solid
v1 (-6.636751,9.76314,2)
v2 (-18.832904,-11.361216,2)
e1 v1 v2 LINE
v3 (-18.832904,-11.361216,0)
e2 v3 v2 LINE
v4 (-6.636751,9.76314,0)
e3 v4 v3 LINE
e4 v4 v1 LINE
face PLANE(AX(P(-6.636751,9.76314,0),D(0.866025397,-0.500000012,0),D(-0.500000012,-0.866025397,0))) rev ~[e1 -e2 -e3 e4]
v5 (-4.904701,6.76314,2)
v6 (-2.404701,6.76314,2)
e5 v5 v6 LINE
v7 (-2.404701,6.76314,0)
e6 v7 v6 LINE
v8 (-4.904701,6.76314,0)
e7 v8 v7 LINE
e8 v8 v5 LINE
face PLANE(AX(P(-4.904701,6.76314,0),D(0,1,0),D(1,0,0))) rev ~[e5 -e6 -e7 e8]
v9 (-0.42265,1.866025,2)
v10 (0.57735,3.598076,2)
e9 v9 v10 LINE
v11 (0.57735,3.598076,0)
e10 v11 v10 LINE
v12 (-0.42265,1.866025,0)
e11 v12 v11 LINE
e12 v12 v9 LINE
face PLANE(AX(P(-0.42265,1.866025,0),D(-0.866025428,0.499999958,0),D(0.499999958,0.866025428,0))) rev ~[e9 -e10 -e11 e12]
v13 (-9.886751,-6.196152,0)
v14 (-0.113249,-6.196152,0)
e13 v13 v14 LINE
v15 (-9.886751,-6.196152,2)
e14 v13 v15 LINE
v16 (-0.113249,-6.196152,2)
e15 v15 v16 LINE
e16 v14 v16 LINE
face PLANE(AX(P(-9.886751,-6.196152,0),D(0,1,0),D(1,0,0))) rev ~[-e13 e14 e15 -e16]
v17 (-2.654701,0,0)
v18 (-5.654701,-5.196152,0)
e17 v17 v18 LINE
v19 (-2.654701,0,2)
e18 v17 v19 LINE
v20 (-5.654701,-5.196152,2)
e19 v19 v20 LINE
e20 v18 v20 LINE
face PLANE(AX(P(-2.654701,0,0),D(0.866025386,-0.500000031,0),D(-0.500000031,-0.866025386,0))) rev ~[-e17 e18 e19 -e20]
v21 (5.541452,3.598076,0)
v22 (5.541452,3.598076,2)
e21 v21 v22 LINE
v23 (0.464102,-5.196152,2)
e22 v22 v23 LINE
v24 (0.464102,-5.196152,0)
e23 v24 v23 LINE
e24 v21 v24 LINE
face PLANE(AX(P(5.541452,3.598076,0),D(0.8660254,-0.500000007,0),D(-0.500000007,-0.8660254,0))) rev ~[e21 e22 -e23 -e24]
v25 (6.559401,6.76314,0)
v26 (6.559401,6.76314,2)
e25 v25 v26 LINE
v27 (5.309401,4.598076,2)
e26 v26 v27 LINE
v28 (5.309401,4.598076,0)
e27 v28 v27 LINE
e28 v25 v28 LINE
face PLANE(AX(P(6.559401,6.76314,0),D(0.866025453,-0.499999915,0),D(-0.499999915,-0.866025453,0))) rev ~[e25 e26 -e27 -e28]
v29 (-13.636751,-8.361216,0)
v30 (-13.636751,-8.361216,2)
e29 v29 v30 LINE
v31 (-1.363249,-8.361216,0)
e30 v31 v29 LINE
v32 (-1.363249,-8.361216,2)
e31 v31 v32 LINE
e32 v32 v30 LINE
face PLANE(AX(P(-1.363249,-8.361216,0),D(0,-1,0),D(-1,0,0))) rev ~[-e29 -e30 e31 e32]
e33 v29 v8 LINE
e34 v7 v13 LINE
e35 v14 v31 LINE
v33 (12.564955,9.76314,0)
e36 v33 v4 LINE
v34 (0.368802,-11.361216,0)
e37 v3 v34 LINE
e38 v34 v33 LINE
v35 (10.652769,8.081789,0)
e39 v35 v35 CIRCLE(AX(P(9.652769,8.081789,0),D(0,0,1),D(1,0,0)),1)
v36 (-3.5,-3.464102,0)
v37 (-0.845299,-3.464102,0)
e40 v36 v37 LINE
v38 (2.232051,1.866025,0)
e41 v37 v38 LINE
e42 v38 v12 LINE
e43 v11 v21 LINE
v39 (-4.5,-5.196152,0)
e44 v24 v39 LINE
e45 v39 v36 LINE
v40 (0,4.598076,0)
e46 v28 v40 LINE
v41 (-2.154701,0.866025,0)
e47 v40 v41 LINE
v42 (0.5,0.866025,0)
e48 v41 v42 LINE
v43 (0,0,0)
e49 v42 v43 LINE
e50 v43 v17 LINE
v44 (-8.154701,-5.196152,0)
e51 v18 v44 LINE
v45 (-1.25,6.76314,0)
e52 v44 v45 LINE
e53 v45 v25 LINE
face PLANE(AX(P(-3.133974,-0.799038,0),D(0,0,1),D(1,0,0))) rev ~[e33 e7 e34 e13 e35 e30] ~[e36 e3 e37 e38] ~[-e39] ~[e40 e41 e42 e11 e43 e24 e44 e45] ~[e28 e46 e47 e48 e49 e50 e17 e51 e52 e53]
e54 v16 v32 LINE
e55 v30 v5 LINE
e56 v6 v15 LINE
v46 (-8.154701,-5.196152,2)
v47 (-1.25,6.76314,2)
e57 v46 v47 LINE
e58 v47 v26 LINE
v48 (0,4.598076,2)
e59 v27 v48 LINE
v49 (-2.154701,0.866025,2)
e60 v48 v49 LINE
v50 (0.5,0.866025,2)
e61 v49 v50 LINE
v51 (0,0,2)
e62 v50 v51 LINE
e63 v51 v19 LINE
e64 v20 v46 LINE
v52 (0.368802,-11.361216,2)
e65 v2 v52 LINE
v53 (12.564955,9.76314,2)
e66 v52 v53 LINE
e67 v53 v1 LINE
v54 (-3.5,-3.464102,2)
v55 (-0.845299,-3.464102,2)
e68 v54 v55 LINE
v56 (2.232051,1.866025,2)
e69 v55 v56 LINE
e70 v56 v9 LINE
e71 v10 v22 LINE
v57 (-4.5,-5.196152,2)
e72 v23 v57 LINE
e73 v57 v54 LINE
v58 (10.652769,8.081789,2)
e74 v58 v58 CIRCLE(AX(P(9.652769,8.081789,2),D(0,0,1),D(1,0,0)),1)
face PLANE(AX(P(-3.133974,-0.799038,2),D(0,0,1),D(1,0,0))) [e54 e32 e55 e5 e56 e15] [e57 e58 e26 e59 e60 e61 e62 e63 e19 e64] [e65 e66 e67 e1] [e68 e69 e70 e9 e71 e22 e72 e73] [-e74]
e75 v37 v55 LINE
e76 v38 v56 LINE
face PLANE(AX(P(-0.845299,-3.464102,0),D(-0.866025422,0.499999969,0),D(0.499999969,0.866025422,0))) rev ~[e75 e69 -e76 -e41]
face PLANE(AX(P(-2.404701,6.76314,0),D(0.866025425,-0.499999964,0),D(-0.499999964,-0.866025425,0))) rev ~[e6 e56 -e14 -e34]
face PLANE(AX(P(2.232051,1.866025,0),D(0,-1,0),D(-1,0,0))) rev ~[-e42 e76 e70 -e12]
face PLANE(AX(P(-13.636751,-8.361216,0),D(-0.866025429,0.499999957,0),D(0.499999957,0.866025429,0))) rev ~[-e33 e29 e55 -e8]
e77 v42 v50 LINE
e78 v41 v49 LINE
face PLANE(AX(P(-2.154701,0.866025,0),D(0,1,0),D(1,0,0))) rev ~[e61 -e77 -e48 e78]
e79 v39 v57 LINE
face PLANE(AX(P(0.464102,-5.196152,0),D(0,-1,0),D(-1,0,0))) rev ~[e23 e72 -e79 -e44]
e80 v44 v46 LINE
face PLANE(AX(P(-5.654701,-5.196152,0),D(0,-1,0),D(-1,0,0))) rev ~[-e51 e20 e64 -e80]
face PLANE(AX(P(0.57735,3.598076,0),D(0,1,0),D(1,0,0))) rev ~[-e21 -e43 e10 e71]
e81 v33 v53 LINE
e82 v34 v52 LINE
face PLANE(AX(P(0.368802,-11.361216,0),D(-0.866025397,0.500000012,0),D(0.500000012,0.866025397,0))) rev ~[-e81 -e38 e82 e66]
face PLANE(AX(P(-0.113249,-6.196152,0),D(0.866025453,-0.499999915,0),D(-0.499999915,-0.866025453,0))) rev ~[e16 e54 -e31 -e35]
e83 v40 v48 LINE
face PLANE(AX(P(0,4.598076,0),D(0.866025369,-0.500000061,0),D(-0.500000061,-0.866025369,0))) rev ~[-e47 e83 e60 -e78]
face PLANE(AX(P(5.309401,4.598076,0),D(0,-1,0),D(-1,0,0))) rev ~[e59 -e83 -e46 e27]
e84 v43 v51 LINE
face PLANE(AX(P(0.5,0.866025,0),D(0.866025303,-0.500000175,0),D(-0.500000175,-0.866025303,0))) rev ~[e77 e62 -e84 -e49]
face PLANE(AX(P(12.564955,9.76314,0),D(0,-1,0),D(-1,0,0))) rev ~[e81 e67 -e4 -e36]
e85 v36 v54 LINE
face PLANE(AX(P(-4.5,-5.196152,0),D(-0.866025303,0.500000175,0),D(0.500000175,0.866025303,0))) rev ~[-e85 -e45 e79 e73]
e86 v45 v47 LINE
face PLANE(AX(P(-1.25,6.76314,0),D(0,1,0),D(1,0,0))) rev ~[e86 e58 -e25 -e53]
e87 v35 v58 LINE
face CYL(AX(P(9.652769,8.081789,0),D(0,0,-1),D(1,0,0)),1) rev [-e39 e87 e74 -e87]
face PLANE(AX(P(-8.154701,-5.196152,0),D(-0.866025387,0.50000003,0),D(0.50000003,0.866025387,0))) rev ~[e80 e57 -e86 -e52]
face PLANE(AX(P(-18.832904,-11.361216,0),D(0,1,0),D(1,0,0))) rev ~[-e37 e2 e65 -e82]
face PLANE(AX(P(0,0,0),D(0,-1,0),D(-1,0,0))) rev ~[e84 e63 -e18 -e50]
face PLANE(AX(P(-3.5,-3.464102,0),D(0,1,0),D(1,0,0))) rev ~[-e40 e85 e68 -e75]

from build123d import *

# Parameters (mm, degrees)
F0_R     = 1
F1_DEPTH = 2


with BuildPart() as f1:
    # F0 (on Top) → F1 (new body)
    with BuildSketch(Plane.XY):
        Polygon((0.368802, -11.361216), (12.564955, 9.76314), (-6.636751, 9.76314), (-18.832904, -11.361216), align=None)
        Polygon((-4.5, -5.196152), (-3.5, -3.464102), (-0.845299, -3.464102), (2.232051, 1.866025), (-0.42265, 1.866025), (0.57735, 3.598076), (5.541452, 3.598076), (0.464102, -5.196152), align=None, mode=Mode.SUBTRACT)
        Polygon((-4.904701, 6.76314), (-2.404701, 6.76314), (-9.886751, -6.196152), (-0.113249, -6.196152), (-1.363249, -8.361216), (-13.636751, -8.361216), align=None, mode=Mode.SUBTRACT)
        Polygon((-5.654701, -5.196152), (-8.154701, -5.196152), (-1.25, 6.76314), (6.559401, 6.76314), (5.309401, 4.598076), (2.654701, 4.598076), (0, 4.598076), (-2.154701, 0.866025), (0.5, 0.866025), (0, 0), (-2.654701, 0), align=None, mode=Mode.SUBTRACT)
        with Locations((9.652769, 8.081789)):
            Circle(F0_R, mode=Mode.SUBTRACT)
    extrude(amount=F1_DEPTH)


solid = f1.part
